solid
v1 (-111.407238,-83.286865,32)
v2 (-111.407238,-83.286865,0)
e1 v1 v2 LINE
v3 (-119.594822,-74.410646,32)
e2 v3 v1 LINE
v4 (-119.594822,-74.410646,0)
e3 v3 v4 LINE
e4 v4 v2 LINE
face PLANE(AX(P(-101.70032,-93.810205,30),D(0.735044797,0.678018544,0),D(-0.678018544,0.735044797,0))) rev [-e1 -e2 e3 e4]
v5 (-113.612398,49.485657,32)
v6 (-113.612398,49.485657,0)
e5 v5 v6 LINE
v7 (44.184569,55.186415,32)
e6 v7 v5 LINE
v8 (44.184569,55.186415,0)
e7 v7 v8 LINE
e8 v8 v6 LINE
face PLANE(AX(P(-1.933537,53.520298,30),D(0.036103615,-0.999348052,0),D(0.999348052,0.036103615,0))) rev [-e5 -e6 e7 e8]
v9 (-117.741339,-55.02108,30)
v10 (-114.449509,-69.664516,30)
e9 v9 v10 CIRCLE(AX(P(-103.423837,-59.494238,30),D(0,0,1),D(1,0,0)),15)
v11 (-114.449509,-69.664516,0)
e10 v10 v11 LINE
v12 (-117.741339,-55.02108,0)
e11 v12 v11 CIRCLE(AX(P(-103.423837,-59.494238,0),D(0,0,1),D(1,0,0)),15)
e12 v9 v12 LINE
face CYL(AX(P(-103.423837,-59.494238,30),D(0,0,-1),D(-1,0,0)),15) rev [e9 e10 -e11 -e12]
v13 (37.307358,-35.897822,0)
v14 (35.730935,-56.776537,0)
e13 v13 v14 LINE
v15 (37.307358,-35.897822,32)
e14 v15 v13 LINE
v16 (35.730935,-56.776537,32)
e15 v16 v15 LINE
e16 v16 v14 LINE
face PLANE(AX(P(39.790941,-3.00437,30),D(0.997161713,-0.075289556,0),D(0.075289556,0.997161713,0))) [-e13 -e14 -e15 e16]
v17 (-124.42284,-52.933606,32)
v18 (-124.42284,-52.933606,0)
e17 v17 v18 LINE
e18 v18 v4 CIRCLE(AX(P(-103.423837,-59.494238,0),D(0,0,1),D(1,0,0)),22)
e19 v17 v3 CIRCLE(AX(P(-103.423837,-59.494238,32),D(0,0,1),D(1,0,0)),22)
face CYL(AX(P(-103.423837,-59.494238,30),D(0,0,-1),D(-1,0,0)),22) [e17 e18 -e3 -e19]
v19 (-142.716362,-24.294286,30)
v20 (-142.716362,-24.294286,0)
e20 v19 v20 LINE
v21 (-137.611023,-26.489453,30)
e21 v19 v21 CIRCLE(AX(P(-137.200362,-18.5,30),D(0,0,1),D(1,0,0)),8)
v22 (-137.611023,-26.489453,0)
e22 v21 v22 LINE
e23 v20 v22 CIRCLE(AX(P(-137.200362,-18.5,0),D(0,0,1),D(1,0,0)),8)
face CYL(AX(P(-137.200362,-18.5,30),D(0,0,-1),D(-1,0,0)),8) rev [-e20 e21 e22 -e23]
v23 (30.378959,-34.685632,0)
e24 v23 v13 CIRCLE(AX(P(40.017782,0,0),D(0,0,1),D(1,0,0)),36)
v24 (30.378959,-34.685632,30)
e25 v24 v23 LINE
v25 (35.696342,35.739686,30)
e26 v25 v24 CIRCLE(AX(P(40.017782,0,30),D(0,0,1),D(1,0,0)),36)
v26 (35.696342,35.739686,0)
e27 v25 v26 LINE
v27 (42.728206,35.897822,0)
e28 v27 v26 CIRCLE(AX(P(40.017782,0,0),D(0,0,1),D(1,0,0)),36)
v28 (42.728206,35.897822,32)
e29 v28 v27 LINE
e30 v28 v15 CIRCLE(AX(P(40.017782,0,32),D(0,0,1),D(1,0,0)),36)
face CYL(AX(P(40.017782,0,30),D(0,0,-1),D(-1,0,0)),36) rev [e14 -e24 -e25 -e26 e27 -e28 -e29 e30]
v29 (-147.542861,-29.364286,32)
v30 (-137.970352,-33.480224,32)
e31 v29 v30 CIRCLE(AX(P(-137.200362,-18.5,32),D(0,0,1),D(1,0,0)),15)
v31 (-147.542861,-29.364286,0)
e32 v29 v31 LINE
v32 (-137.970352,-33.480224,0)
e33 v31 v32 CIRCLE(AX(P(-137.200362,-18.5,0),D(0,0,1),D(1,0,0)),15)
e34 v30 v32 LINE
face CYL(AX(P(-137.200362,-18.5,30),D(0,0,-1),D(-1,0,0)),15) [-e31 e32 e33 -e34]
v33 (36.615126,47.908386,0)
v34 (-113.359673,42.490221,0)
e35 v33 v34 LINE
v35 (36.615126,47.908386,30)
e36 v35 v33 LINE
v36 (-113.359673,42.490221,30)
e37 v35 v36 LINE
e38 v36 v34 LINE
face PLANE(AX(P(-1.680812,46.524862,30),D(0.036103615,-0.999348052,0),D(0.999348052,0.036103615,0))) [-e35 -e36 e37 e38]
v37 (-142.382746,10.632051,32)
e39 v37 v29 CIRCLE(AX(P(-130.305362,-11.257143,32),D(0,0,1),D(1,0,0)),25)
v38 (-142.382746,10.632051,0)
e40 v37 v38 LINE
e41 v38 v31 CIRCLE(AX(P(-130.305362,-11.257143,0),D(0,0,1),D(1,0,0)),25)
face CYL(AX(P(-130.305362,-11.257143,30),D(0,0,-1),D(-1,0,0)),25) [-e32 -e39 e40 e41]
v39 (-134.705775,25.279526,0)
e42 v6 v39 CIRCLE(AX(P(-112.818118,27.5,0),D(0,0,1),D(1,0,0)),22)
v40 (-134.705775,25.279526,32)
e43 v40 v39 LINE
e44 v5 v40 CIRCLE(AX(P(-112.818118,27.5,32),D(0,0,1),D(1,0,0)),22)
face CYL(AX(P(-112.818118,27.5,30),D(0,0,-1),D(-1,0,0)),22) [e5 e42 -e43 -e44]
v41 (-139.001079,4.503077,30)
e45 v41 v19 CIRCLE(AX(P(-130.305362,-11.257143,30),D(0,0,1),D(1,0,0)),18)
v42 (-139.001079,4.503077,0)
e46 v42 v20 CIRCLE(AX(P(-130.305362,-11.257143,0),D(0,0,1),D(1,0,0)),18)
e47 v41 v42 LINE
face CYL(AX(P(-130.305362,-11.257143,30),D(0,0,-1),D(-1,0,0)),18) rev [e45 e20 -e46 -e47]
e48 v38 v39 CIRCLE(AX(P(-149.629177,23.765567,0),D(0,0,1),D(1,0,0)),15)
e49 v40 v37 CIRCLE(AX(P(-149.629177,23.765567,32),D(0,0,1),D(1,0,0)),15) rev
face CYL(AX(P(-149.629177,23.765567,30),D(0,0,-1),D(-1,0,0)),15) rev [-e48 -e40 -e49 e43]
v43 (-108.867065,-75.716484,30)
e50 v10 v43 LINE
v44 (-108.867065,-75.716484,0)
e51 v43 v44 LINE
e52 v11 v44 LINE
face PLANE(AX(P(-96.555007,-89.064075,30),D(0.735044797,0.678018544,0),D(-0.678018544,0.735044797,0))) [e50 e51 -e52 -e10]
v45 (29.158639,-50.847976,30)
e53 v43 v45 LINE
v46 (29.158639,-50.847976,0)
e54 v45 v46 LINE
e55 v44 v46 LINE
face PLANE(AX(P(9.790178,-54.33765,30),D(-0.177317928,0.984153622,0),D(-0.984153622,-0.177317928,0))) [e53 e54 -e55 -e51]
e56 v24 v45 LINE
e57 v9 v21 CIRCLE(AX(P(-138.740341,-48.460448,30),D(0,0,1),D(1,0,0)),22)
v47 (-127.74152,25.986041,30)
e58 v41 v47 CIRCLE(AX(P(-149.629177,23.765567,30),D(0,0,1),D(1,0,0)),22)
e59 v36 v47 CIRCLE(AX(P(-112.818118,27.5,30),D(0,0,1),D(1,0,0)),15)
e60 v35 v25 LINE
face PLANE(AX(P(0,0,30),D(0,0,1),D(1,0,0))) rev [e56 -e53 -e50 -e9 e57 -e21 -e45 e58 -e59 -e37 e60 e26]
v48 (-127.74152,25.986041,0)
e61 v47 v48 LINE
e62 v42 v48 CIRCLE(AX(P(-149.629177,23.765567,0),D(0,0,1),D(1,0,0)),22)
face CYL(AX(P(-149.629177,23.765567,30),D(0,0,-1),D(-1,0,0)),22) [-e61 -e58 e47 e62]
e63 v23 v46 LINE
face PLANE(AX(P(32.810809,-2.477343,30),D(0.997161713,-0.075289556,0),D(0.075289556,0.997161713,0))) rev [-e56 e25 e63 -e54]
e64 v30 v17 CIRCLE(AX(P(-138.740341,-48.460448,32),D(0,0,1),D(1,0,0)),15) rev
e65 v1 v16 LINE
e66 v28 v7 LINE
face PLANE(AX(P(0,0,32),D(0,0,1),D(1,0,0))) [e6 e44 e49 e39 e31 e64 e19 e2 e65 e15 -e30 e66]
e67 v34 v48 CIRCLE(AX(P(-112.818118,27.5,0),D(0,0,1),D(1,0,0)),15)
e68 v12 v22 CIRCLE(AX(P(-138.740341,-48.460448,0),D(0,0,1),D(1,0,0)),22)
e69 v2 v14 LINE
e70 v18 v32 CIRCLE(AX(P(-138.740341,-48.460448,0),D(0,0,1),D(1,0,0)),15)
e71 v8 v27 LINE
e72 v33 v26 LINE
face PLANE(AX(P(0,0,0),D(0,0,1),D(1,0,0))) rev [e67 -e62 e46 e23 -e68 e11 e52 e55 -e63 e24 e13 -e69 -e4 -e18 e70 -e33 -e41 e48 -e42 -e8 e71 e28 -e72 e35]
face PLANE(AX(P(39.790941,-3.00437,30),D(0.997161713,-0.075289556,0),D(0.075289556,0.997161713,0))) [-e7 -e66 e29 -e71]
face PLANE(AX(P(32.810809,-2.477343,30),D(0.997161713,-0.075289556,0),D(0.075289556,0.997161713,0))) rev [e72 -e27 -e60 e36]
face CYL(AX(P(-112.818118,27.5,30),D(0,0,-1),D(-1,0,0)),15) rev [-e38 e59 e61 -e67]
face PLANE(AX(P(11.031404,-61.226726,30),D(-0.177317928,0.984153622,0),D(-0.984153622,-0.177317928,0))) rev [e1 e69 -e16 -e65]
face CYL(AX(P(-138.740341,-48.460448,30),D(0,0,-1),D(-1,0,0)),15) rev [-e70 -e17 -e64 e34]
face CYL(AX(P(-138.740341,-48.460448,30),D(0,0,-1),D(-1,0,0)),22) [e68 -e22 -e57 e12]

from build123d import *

# Parameters (mm, degrees)
BOSS_EXTRUDE1_DEPTH = 30
BOSS_EXTRUDE2_DEPTH = 2


with BuildPart() as part:
    # Sketch1 → Boss-Extrude1 (new body)
    with BuildSketch(Plane.XY):
        with BuildLine():
            ThreePointArc((-124.422839539, -52.93360637), (-124.888175134, -64.31939994), (-119.594822483, -74.410646153))
            Line((-119.594822483, -74.410646153), (-111.407238253, -83.286865316))
            Line((-111.407238253, -83.286865316), (35.730934718, -56.776536745))
            Line((35.730934718, -56.776536745), (37.30735825, -35.897821688))
            ThreePointArc((37.30735825, -35.897821688), (33.813482954, -35.461340503), (30.378958676, -34.685632184))
            Line((30.378958676, -34.685632184), (29.158639343, -50.847976334))
            Line((29.158639343, -50.847976334), (-108.867065108, -75.716483958))
            Line((-108.867065108, -75.716483958), (-114.449508902, -69.664516346))
            ThreePointArc((-114.449508902, -69.664516346), (-118.058612981, -62.784121201), (-117.741338712, -55.021080131))
            ThreePointArc((-117.741338712, -55.021080131), (-120.686835144, -35.887822689), (-137.611023, -26.489452883))
            ThreePointArc((-137.611023, -26.489452883), (-140.360427807, -25.849420576), (-142.716361529, -24.294285714))
            ThreePointArc((-142.716361529, -24.294285714), (-148.157403518, -8.953967174), (-139.001078611, 4.503076521))
            ThreePointArc((-139.001078611, 4.503076521), (-130.143335416, 13.552732011), (-127.741520279, 25.986040624))
            ThreePointArc((-127.741520279, 25.986040624), (-124.12688517, 37.354531527), (-113.359672518, 42.490220779))
            Line((-113.359672518, 42.490220779), (36.615125644, 47.908385572))
            Line((36.615125644, 47.908385572), (35.69634188, 35.73968597))
            ThreePointArc((35.69634188, 35.73968597), (39.20840278, 35.99090031), (42.728206295, 35.897821688))
            Line((42.728206295, 35.897821688), (44.184569482, 55.186414758))
            Line((44.184569482, 55.186414758), (-113.612397826, 49.485657143))
            ThreePointArc((-113.612397826, 49.485657143), (-129.404309715, 41.953312906), (-134.705774542, 25.279526249))
            ThreePointArc((-134.705774542, 25.279526249), (-136.343375771, 16.802270376), (-142.382746132, 10.632050724))
            ThreePointArc((-142.382746132, 10.632050724), (-155.099864059, -8.058287742), (-147.542861296, -29.364285714))
            ThreePointArc((-147.542861296, -29.364285714), (-143.125485566, -32.280163581), (-137.970351553, -33.480224156))
            ThreePointArc((-137.970351553, -33.480224156), (-126.431132561, -39.888203569), (-124.422839539, -52.93360637))
        make_face()
    extrude(amount=BOSS_EXTRUDE1_DEPTH)

    # Sketch4 → Boss-Extrude2 (add)
    with BuildSketch(Plane.XY.offset(30)):
        with BuildLine():
            ThreePointArc((37.30735825, -35.897821688), (4.119960585, 2.710424022), (42.728206295, 35.897821688))
            Line((42.728206295, 35.897821688), (44.184569482, 55.186414758))
            Line((44.184569482, 55.186414758), (-113.612397826, 49.485657143))
            ThreePointArc((-113.612397826, 49.485657143), (-129.404309715, 41.953312906), (-134.705774542, 25.279526249))
            ThreePointArc((-134.705774542, 25.279526249), (-136.343375771, 16.802270376), (-142.382746132, 10.632050724))
            ThreePointArc((-142.382746132, 10.632050724), (-155.099864059, -8.058287742), (-147.542861296, -29.364285714))
            ThreePointArc((-147.542861296, -29.364285714), (-143.125485566, -32.280163581), (-137.970351553, -33.480224156))
            ThreePointArc((-137.970351553, -33.480224156), (-126.431132561, -39.888203569), (-124.422839539, -52.93360637))
            ThreePointArc((-124.422839539, -52.93360637), (-124.888175134, -64.31939994), (-119.594822483, -74.410646153))
            Line((-119.594822483, -74.410646153), (-111.407238253, -83.286865316))
            Line((-111.407238253, -83.286865316), (35.730934718, -56.776536745))
            Line((35.730934718, -56.776536745), (37.30735825, -35.897821688))
        make_face()
    extrude(amount=BOSS_EXTRUDE2_DEPTH)


solid = part.part
